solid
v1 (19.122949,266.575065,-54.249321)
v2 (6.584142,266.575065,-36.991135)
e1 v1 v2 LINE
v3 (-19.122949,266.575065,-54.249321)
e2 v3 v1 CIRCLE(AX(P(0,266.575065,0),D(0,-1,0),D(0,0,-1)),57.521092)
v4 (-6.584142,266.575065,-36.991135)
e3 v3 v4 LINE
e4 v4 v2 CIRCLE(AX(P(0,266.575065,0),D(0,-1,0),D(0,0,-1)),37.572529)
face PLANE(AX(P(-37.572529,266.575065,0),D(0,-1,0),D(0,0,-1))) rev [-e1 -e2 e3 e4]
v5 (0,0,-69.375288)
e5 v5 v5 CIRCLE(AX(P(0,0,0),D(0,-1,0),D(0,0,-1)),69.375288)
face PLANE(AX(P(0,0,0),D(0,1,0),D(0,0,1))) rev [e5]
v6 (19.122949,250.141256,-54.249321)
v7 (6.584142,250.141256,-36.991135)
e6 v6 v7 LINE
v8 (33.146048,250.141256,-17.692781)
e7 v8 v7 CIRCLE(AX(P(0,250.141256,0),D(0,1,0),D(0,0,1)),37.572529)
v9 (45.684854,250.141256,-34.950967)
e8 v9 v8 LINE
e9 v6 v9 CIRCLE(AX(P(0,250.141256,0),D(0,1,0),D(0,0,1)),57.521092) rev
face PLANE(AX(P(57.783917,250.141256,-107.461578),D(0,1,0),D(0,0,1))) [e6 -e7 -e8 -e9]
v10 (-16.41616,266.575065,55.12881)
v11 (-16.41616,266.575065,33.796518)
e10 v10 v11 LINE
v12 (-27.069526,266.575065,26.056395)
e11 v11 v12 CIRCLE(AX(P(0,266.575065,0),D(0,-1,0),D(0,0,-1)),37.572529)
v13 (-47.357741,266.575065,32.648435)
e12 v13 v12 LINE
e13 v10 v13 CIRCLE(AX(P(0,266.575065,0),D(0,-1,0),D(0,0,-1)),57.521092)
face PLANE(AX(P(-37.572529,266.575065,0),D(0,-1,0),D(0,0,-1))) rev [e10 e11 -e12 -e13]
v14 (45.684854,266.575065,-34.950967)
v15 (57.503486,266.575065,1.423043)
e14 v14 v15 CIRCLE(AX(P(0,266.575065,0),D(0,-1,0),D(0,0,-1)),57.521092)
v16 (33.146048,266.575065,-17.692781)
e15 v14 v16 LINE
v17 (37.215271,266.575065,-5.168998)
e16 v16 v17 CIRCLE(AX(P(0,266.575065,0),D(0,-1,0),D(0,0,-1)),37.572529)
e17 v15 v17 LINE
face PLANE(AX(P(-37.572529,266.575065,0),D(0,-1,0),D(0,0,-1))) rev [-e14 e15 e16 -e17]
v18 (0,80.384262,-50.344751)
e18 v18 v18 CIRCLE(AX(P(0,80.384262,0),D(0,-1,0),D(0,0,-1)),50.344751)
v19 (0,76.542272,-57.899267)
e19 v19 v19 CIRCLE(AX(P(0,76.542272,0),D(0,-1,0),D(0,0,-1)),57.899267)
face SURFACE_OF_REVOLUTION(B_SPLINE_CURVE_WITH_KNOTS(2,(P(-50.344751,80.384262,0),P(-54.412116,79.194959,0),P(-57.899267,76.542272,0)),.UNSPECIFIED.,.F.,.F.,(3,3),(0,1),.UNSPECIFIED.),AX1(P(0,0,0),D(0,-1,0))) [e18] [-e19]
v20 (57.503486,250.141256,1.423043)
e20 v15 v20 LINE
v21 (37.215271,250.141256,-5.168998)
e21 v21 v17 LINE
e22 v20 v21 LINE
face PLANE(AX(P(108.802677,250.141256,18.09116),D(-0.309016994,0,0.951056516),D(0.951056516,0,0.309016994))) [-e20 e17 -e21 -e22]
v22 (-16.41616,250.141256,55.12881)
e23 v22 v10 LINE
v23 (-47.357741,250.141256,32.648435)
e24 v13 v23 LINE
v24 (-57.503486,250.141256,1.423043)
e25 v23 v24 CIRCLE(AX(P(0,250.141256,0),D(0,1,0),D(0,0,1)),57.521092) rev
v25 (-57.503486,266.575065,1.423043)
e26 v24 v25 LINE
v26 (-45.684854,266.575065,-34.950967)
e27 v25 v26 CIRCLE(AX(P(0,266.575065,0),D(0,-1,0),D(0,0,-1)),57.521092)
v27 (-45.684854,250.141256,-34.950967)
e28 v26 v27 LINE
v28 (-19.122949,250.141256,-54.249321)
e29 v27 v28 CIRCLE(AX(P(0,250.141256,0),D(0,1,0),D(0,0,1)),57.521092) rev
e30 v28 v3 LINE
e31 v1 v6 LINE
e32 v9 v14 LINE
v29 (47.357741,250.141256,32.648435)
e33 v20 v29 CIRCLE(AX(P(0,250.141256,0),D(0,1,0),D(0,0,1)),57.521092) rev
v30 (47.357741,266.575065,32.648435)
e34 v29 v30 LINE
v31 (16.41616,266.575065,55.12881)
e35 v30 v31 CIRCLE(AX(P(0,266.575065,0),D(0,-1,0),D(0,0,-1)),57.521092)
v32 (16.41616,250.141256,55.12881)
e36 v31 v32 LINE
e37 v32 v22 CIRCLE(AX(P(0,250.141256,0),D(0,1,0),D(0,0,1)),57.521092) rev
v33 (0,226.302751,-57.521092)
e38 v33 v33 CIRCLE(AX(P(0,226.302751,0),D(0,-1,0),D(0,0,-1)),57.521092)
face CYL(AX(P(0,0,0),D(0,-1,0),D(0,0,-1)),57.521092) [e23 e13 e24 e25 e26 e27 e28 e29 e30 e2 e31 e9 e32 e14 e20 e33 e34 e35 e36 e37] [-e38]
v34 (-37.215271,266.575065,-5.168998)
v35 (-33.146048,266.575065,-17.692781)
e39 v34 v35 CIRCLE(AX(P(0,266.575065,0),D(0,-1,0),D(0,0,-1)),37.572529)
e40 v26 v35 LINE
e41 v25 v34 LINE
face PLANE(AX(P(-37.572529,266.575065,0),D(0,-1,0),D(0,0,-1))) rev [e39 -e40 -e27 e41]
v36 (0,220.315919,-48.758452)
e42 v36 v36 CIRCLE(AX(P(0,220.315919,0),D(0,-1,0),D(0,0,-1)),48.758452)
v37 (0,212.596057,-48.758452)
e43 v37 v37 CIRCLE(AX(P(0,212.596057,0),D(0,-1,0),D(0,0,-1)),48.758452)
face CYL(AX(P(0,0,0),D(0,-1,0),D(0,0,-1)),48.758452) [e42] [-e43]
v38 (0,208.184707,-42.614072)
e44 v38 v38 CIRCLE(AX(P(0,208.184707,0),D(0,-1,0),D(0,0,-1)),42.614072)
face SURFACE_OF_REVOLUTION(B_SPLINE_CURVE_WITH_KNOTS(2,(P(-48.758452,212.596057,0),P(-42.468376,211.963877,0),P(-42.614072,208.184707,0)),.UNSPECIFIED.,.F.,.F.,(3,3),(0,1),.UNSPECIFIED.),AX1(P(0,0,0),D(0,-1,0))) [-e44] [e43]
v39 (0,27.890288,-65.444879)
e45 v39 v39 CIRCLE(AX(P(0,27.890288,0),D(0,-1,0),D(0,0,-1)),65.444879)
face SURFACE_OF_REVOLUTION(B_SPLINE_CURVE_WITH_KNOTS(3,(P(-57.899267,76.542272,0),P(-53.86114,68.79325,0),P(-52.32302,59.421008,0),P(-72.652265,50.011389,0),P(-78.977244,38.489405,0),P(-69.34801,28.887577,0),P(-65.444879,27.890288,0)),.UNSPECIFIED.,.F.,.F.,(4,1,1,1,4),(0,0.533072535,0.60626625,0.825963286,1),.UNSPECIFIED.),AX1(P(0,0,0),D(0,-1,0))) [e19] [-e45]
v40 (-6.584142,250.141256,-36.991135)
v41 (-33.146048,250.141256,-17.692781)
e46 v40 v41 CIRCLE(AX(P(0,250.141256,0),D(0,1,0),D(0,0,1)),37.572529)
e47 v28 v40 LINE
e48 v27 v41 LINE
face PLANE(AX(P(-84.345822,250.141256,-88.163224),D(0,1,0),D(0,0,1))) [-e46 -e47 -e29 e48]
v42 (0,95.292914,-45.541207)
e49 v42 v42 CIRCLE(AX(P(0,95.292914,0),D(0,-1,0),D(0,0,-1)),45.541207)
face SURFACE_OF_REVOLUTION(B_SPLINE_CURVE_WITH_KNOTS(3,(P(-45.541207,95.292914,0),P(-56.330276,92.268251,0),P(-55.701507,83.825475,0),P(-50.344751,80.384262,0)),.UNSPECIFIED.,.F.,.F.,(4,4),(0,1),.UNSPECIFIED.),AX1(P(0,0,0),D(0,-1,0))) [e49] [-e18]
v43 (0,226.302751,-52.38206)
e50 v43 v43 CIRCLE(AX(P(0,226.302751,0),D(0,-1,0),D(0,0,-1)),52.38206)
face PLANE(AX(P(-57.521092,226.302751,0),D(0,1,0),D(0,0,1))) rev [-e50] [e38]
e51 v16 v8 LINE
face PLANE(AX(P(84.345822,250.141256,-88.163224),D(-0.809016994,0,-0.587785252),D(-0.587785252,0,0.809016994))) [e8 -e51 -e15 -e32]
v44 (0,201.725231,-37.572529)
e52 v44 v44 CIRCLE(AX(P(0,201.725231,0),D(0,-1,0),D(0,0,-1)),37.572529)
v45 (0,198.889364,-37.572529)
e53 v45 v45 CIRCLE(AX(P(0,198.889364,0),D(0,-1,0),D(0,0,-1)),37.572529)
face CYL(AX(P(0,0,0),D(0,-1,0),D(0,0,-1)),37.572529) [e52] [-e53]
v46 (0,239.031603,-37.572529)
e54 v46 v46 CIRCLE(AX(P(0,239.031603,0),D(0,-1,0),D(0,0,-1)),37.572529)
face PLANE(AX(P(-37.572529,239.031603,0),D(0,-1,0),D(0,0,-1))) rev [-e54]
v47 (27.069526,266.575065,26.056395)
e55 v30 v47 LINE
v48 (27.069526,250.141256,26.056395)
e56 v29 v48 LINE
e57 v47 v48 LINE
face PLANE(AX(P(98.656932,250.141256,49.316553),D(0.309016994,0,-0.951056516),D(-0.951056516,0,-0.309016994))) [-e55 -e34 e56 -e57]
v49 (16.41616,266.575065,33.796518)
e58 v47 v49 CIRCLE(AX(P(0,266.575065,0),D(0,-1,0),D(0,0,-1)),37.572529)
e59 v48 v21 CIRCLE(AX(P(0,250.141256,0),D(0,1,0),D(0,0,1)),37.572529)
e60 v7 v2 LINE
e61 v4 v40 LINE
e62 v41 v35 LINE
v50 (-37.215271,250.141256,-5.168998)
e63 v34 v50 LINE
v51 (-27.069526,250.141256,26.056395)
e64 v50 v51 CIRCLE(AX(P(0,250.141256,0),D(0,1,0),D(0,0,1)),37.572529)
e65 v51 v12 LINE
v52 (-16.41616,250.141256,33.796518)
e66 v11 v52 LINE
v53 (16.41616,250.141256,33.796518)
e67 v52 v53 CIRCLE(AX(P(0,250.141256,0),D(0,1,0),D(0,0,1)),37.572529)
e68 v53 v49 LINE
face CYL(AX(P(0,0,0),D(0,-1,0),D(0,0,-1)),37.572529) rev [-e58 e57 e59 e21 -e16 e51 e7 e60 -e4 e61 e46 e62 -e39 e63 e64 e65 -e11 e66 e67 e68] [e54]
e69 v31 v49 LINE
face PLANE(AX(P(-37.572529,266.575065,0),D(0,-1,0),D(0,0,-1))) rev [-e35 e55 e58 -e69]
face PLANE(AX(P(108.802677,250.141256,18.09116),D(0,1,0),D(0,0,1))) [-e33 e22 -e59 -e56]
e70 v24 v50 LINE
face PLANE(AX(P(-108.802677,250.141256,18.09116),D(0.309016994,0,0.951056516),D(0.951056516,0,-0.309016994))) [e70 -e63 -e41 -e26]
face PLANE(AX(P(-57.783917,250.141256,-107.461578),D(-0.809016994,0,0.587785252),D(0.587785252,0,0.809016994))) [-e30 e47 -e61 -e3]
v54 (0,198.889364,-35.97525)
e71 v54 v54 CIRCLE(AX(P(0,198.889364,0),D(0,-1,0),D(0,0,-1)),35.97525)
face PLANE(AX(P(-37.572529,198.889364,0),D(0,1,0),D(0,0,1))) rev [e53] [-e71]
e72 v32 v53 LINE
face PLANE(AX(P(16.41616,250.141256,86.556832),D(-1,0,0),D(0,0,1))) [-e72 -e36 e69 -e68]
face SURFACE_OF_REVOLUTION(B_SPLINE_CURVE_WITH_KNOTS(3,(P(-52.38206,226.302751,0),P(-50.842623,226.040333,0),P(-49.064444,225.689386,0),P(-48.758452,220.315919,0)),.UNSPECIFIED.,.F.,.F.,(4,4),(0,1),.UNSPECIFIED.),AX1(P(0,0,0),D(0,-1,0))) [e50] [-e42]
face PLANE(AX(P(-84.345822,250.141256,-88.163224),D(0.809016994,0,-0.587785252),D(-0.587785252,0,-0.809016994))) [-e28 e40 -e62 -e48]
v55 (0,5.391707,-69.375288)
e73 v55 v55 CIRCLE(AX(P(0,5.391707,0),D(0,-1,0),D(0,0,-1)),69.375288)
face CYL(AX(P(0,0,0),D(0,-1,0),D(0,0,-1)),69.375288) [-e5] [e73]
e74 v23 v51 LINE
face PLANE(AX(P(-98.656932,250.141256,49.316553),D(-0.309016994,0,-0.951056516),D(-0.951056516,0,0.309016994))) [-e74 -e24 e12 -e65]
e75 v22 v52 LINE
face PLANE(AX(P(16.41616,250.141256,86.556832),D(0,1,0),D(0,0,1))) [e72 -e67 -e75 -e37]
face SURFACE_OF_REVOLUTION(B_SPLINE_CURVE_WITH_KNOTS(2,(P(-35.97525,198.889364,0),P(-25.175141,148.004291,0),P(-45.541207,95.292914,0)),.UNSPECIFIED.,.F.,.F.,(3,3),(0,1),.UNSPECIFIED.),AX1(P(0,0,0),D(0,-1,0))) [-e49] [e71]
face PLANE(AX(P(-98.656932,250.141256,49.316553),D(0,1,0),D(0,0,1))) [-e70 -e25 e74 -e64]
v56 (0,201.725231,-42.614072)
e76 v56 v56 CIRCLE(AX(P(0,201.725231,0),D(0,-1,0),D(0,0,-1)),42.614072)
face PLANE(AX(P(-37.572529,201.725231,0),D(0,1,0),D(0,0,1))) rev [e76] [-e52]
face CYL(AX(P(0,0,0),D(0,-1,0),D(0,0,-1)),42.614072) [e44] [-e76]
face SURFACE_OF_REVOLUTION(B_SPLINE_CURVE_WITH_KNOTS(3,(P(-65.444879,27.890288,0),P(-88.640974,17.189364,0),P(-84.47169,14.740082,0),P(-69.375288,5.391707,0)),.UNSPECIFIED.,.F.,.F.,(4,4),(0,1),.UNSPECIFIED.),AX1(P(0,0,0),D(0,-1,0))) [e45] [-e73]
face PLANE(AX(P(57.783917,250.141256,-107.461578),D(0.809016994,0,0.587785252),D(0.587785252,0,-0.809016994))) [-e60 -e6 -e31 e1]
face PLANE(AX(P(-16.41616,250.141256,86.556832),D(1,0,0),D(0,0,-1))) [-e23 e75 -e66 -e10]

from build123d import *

# Parameters (mm, degrees)
CUT_EXTRUDE1_REACH      = 583.154
CUT_EXTRUDE1_END_RADIUS = 115.042183374
SKETCH2_W               = 65.664640974
SKETCH2_H               = 32.867618056
CIRPATTERN1_COUNT       = 5
SCALE1_SCALE            = 0.5


with BuildPart() as part:
    # Sketch1 → Revolve3 (revolve)
    with BuildSketch(Plane.XY, mode=Mode.PRIVATE) as revolve3_sk:
        with BuildLine():
            Line((-75.145058725, 533.150129184), (-115.042183374, 533.150129184))
            Line((-115.042183374, 533.150129184), (-115.042183374, 452.605501163))
            Line((-115.042183374, 452.605501163), (-104.764120477, 452.605501163))
            add(Edge.make_bspline(
                [(-97.51690324, 440.631837901), (-98.128887476, 451.378771981), (-101.685246118, 452.080665565), (-104.764120477, 452.605501163)],
                knots=[0, 0, 0, 0, 1, 1, 1, 1], degree=3))
            Line((-97.51690324, 440.631837901), (-97.51690324, 425.192114221))
            add(Edge.make_bspline(
                [(-85.228143577, 416.369414976), (-84.936752466, 423.927754756), (-97.51690324, 425.192114221)],
                knots=[0, 0, 0, 1, 1, 1], degree=2))
            Line((-85.228143577, 416.369414976), (-85.228143577, 403.45046251))
            Line((-85.228143577, 403.45046251), (-75.145058725, 403.45046251))
            Line((-75.145058725, 403.45046251), (-75.145058725, 397.77872728))
            Line((-75.145058725, 397.77872728), (-71.950499182, 397.77872728))
            add(Edge.make_bspline(
                [(-71.950499182, 397.77872728), (-50.350281599, 296.008581386), (-91.082413904, 190.58582726)],
                knots=[0, 0, 0, 1, 1, 1], degree=2))
            add(Edge.make_bspline(
                [(-91.082413904, 190.58582726), (-112.660551902, 184.536501847), (-111.40301421, 167.650949366), (-100.689501264, 160.76852346)],
                knots=[0, 0, 0, 0, 1, 1, 1, 1], degree=3))
            add(Edge.make_bspline(
                [(-100.689501264, 160.76852346), (-108.824232173, 158.389917951), (-115.79853462, 153.084543009)],
                knots=[0, 0, 0, 1, 1, 1], degree=2))
            add(Edge.make_bspline(
                [(-115.79853462, 153.084543009), (-107.72227996, 137.586500479), (-104.646040508, 118.842015382), (-145.304529398, 100.022777628), (-157.954487397, 76.978809099), (-138.696019347, 57.775154709), (-130.88975824, 55.780575157)],
                knots=[0, 0, 0, 0, 0.533072535, 0.60626625, 0.825963286, 1, 1, 1, 1], degree=3))
            add(Edge.make_bspline(
                [(-130.88975824, 55.780575157), (-177.281947757, 34.378728382), (-168.943379536, 29.48016461), (-138.750576901, 10.783413117)],
                knots=[0, 0, 0, 0, 1, 1, 1, 1], degree=3))
            Line((-138.750576901, 10.783413117), (-138.750576901, 0))
            Line((-138.750576901, 0), (0, 0))
            Line((0, 0), (0, 478.063206489))
            Line((0, 478.063206489), (-75.145058725, 478.063206489))
            Line((-75.145058725, 478.063206489), (-75.145058725, 533.150129184))
        make_face()
    revolve(revolve3_sk.sketch.rotate(Axis((0, 0, 0), (0, 1, 0)), 270), axis=Axis((0, 0, 0), (0, 1, 0)))

    # Cut-Extrude1: up to this cylinder (the profile starts inside it)
    cut_extrude1_end = Plane(origin=(0, 516.71632, 0), z_dir=(0, -1, 0)) * Cylinder(CUT_EXTRUDE1_END_RADIUS, 1397.392366748, mode=Mode.PRIVATE)
    # Sketch2 → Cut-Extrude1 (cut, up to the surface)
    with BuildSketch(Plane.XY, mode=Mode.PRIVATE) as cut_extrude1_sk1:
        with Locations((0, 516.716320156)):
            Rectangle(SKETCH2_W, SKETCH2_H)
    cut_extrude1_tool1 = extrude(cut_extrude1_sk1.sketch, amount=CUT_EXTRUDE1_REACH, mode=Mode.PRIVATE) & cut_extrude1_end
    cut_extrude1 = cut_extrude1_tool1.solids().sort_by_distance((0, 516.71632, 0))[0]
    add(cut_extrude1, mode=Mode.SUBTRACT)

    # CirPattern1: Cut-Extrude1 ×5 about axis
    cirpattern1_axis = Axis((0, 0, 0), (0, 1, 0))
    for i in range(1, CIRPATTERN1_COUNT):
        add(cut_extrude1.rotate(cirpattern1_axis, i * 360 / CIRPATTERN1_COUNT), mode=Mode.SUBTRACT)


with BuildPart() as part_1:
    # Scale1: scaled about (0, 0, 0)
    add(part.part.scale(SCALE1_SCALE))


solid = part_1.part
